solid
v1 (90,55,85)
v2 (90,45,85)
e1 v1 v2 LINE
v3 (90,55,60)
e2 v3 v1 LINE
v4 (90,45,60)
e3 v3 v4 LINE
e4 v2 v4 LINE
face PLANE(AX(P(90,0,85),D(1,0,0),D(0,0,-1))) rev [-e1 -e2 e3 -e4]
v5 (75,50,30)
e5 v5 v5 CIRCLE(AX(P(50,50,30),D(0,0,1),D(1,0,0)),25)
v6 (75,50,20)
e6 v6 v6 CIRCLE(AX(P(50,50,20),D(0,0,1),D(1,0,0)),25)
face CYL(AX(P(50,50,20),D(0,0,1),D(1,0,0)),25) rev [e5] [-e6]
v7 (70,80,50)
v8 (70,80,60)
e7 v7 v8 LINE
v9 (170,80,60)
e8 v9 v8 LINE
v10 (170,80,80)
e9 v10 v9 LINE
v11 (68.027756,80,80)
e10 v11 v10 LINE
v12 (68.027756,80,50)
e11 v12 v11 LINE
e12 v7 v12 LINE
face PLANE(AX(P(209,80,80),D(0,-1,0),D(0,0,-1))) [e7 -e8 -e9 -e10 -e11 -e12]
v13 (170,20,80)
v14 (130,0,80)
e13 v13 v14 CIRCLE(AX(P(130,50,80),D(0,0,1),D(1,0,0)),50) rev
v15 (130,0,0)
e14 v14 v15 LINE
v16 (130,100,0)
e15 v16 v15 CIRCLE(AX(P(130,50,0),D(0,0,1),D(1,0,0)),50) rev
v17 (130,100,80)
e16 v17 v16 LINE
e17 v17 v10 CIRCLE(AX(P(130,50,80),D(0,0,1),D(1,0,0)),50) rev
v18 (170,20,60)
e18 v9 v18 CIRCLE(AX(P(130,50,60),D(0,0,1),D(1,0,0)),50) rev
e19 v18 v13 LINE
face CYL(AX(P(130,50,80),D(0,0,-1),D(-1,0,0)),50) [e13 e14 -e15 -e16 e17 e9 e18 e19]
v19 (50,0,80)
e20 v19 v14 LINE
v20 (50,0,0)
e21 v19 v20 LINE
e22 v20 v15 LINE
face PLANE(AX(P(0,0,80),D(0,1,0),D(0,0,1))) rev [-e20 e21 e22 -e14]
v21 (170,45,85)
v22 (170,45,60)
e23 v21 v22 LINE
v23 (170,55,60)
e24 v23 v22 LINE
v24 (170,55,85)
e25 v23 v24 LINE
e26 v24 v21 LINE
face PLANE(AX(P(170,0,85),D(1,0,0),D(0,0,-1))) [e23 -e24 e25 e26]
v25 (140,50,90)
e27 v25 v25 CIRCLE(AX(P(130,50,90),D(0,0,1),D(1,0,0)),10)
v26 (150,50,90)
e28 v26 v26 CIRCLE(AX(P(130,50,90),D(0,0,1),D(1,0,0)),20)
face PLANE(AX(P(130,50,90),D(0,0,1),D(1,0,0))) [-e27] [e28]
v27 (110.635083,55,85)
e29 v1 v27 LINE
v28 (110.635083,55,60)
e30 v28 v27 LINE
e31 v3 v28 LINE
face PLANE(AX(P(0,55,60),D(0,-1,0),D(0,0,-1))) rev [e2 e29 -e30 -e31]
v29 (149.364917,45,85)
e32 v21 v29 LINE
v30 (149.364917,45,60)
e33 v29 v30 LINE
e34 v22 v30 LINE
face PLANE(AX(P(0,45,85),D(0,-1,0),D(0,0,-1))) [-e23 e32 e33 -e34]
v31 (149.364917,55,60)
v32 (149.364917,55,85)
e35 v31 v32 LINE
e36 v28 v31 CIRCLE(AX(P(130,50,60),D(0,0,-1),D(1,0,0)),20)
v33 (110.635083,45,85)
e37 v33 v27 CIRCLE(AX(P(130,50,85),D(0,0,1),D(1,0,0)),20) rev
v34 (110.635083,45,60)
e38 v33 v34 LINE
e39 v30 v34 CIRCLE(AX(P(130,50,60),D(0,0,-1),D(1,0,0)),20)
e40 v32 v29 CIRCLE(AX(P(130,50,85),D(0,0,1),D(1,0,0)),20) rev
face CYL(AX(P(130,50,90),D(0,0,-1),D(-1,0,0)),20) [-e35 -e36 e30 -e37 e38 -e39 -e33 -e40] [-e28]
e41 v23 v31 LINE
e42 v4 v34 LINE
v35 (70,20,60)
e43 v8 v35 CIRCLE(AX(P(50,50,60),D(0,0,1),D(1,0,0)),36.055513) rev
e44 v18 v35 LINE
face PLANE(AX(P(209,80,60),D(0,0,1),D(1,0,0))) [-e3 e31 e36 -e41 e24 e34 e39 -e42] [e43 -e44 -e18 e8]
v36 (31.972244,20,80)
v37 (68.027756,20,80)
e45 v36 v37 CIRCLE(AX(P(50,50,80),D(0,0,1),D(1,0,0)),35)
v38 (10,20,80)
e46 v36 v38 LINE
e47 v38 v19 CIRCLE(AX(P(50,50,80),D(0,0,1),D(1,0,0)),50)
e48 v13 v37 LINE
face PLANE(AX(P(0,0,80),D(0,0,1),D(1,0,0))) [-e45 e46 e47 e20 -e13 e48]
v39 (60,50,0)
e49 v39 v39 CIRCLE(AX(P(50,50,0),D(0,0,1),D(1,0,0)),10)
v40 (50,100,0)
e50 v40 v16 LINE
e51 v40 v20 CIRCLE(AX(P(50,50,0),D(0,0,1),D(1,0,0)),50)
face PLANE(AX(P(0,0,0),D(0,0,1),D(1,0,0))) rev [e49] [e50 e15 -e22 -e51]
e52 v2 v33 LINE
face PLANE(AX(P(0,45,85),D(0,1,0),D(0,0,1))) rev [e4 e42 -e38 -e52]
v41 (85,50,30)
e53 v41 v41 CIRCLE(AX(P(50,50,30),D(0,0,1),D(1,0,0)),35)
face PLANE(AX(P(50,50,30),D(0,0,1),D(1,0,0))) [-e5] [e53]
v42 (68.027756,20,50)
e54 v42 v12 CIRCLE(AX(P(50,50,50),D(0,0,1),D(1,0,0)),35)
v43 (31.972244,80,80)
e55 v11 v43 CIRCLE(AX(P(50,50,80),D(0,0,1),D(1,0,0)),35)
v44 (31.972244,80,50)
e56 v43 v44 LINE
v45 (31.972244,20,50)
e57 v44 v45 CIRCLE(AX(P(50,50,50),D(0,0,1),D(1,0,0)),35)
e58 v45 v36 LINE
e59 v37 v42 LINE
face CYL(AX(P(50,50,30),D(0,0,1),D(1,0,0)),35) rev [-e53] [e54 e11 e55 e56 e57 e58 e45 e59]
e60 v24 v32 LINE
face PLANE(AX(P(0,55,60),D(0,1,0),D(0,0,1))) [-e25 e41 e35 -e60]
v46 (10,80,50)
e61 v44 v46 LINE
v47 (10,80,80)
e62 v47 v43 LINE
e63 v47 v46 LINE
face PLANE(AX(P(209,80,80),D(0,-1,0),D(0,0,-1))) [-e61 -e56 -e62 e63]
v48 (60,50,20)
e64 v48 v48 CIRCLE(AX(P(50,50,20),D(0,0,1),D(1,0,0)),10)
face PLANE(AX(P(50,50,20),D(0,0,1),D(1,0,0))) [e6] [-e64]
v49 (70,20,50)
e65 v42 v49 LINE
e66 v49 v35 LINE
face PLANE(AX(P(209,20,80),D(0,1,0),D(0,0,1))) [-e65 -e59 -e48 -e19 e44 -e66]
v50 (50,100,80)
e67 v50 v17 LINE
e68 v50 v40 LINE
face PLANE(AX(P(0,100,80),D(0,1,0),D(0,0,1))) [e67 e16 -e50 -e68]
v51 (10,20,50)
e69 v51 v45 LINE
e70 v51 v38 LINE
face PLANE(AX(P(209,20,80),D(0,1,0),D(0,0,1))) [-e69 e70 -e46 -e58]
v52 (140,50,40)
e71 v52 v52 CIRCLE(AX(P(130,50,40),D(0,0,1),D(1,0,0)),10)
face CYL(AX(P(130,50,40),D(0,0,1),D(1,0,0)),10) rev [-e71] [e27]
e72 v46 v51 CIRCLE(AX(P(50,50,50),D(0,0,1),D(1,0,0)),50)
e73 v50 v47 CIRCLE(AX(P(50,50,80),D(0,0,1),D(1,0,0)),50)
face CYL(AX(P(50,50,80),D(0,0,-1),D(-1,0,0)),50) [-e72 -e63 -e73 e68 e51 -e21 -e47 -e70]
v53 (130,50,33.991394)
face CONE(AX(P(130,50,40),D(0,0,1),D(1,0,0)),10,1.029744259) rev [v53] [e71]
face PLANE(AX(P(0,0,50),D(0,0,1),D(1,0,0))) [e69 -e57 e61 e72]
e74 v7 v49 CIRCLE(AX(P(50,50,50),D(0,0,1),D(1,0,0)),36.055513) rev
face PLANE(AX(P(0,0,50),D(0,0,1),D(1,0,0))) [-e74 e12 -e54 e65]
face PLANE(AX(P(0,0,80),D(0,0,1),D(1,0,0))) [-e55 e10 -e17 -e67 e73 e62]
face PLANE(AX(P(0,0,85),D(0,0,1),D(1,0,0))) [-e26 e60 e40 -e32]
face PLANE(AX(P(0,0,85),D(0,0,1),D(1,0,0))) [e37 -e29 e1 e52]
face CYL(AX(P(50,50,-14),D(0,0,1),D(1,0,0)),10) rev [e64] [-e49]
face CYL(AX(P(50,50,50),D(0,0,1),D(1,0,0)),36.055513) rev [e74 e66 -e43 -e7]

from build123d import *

# Parameters (mm, degrees)
BOSS_EXTRUDE1_DEPTH        = 80
SKETCH2_W                  = 20
SKETCH2_H                  = 10
CUT_EXTRUDE1_DEPTH         = 209
SKETCH3_R                  = 10
CUT_EXTRUDE2_DEPTH         = 40
SKETCH4_R                  = 20
SKETCH4_R_2                = 10
BOSS_EXTRUDE2_DEPTH        = 10
F_20_0MM_DOWEL_HOLE1_D     = 20
F_20_0MM_DOWEL_HOLE1_DEPTH = 50
F_20_0MM_DOWEL_HOLE1_TIP   = 6.00860619
CUT_EXTRUDE3_DEPTH         = 20
SKETCH10_R                 = 10
CUT_EXTRUDE4_DEPTH         = 74
SKETCH11_R                 = 25
SKETCH11_R_2               = 10
CUT_EXTRUDE5_DEPTH         = 40
SKETCH12_R                 = 25
CUT_EXTRUDE6_DEPTH         = 10
SKETCH14_R                 = 35
SKETCH14_R_2               = 25
CUT_EXTRUDE7_DEPTH         = 30
SKETCH15_R                 = 35
CUT_EXTRUDE8_DEPTH         = 30
CUT_EXTRUDE9_DEPTH         = 20
SKETCH17_W                 = 20
SKETCH17_H                 = 5
BOSS_EXTRUDE3_DEPTH        = 25
SKETCH18_W                 = 20
SKETCH18_H                 = 5
BOSS_EXTRUDE4_DEPTH        = 25
SKETCH19_W                 = 20
SKETCH19_H                 = 5
BOSS_EXTRUDE5_DEPTH        = 25


with BuildPart() as part:
    # Sketch1 → Boss-Extrude1 (new body)
    with BuildSketch(Plane.XY):
        with BuildLine():
            ThreePointArc((0, 50), (14.644660941, 14.644660941), (50, 0))
            Line((50, 0), (130, 0))
            ThreePointArc((130, 0), (165.355339059, 14.644660941), (180, 50))
            ThreePointArc((180, 50), (165.355339059, 85.355339059), (130, 100))
            Line((130, 100), (50, 100))
            ThreePointArc((50, 100), (14.644660941, 85.355339059), (0, 50))
        make_face()
    extrude(amount=BOSS_EXTRUDE1_DEPTH)

    # Sketch2 → Cut-Extrude1 (cut)
    with BuildSketch(Plane(origin=(0, 0, 0), x_dir=(0, 0, -1), z_dir=(1, 0, 0))):
        with Locations((-70, 75)):
            Rectangle(SKETCH2_W, SKETCH2_H)
        with Locations((-70, 25)):
            Rectangle(SKETCH2_W, SKETCH2_H)
    extrude(amount=CUT_EXTRUDE1_DEPTH, mode=Mode.SUBTRACT)

    # Sketch3 → Cut-Extrude2 (cut)
    with BuildSketch(Plane.XY.offset(80)):
        with Locations((130, 50)):
            Circle(SKETCH3_R)
    extrude(amount=-CUT_EXTRUDE2_DEPTH, mode=Mode.SUBTRACT)

    # Sketch4 → Boss-Extrude2 (add)
    with BuildSketch(Plane.XY.offset(80)):
        with Locations(Location((130, 50, 0), (0, 0, 270))):
            Circle(SKETCH4_R)
        with Locations((130, 50)):
            Circle(SKETCH4_R_2, mode=Mode.SUBTRACT)
    extrude(amount=BOSS_EXTRUDE2_DEPTH)

    # Ø20.0mm Dowel Hole1
    with Locations(Plane(origin=(130, 50, 90), x_dir=(1, 0, 0), z_dir=(0, 0, 1))):
        with Locations((0, 0)):
            Hole(F_20_0MM_DOWEL_HOLE1_D / 2, depth=F_20_0MM_DOWEL_HOLE1_DEPTH)
            with Locations((0, 0, -(F_20_0MM_DOWEL_HOLE1_DEPTH + F_20_0MM_DOWEL_HOLE1_TIP / 2))):  # 118° drill point
                Cone(0, F_20_0MM_DOWEL_HOLE1_D / 2, F_20_0MM_DOWEL_HOLE1_TIP, mode=Mode.SUBTRACT)

    # Sketch9 → Cut-Extrude3 (cut)
    with BuildSketch(Plane.XY.offset(80)):
        with BuildLine():
            Line((130, 70), (4.17424305, 70))
            ThreePointArc((4.17424305, 70), (0, 50), (4.17424305, 30))
            Line((4.17424305, 30), (130, 30))
            ThreePointArc((130, 30), (110, 50), (130, 70))
        make_face()
    extrude(amount=-CUT_EXTRUDE3_DEPTH, mode=Mode.SUBTRACT)

    # Sketch10 → Cut-Extrude4 (cut)
    with BuildSketch(Plane.XY.offset(60)):
        with Locations((50, 50)):
            Circle(SKETCH10_R)
    extrude(amount=-CUT_EXTRUDE4_DEPTH, mode=Mode.SUBTRACT)

    # Sketch11 → Cut-Extrude5 (cut)
    with BuildSketch(Plane.XY.offset(60)):
        with Locations((50, 50)):
            Circle(SKETCH11_R)
        with Locations((50, 50)):
            Circle(SKETCH11_R_2, mode=Mode.SUBTRACT)
    extrude(amount=-CUT_EXTRUDE5_DEPTH, mode=Mode.SUBTRACT)

    # Sketch12 → Cut-Extrude6 (cut)
    with BuildSketch(Plane.XY.offset(60)):
        with BuildLine():
            Line((70, 80), (10, 80))
            ThreePointArc((10, 80), (0, 50), (10, 20))
            Line((10, 20), (70, 20))
            ThreePointArc((70, 20), (86.055512755, 50), (70, 80))
        make_face()
        with Locations((50, 50)):
            Circle(SKETCH12_R, mode=Mode.SUBTRACT)
    extrude(amount=-CUT_EXTRUDE6_DEPTH, mode=Mode.SUBTRACT)

    # Sketch14 → Cut-Extrude7 (cut)
    with BuildSketch(Plane.XY.offset(60)):
        with Locations((50, 50)):
            Circle(SKETCH14_R)
        with Locations((50, 50)):
            Circle(SKETCH14_R_2, mode=Mode.SUBTRACT)
    extrude(amount=-CUT_EXTRUDE7_DEPTH, mode=Mode.SUBTRACT)

    # Sketch15 → Cut-Extrude8 (cut)
    with BuildSketch(Plane.XY.offset(80)):
        with Locations((50, 50)):
            Circle(SKETCH15_R)
    extrude(amount=-CUT_EXTRUDE8_DEPTH, mode=Mode.SUBTRACT)

    # Sketch16 → Cut-Extrude9 (cut)
    with BuildSketch(Plane.XY.offset(80)):
        with BuildLine():
            Line((130, 70), (175.82575695, 70))
            ThreePointArc((175.82575695, 70), (180, 50), (175.82575695, 30))
            Line((175.82575695, 30), (130, 30))
            ThreePointArc((130, 30), (150, 50), (130, 70))
        make_face()
    extrude(amount=-CUT_EXTRUDE9_DEPTH, mode=Mode.SUBTRACT)

    # Sketch17 → Boss-Extrude3 (add)
    with BuildSketch(Plane.XY.offset(60)):
        with BuildLine():
            Line((150, 45), (150, 50))
            ThreePointArc((150, 50), (149.840593925, 47.47991415), (149.364916731, 45))
            Line((149.364916731, 45), (150, 45))
        make_face()
        with Locations((160, 47.5)):
            Rectangle(SKETCH17_W, SKETCH17_H)
        with BuildLine():
            ThreePointArc((110.635083269, 45), (110.159406075, 47.47991415), (110, 50))
            Line((110, 50), (110, 45))
            Line((110, 45), (110.635083269, 45))
        make_face()
        with Locations((100, 47.5)):
            Rectangle(SKETCH17_W, SKETCH17_H)
    extrude(amount=BOSS_EXTRUDE3_DEPTH)

    # Sketch18 → Boss-Extrude4 (add)
    with BuildSketch(Plane.XY.offset(85)):
        with BuildLine():
            ThreePointArc((110.635083269, 55), (110.159406075, 52.52008585), (110, 50))
            Line((110, 50), (110, 55))
            Line((110, 55), (110.635083269, 55))
        make_face()
        with Locations((100, 52.5)):
            Rectangle(SKETCH18_W, SKETCH18_H)
    extrude(amount=-BOSS_EXTRUDE4_DEPTH)

    # Sketch19 → Boss-Extrude5 (add)
    with BuildSketch(Plane.XY.offset(85)):
        with BuildLine():
            Line((150, 55), (149.364916731, 55))
            ThreePointArc((149.364916731, 55), (149.840593925, 52.52008585), (150, 50))
            Line((150, 50), (150, 55))
        make_face()
        with Locations((160, 52.5)):
            Rectangle(SKETCH19_W, SKETCH19_H)
    extrude(amount=-BOSS_EXTRUDE5_DEPTH)


solid = part.part
